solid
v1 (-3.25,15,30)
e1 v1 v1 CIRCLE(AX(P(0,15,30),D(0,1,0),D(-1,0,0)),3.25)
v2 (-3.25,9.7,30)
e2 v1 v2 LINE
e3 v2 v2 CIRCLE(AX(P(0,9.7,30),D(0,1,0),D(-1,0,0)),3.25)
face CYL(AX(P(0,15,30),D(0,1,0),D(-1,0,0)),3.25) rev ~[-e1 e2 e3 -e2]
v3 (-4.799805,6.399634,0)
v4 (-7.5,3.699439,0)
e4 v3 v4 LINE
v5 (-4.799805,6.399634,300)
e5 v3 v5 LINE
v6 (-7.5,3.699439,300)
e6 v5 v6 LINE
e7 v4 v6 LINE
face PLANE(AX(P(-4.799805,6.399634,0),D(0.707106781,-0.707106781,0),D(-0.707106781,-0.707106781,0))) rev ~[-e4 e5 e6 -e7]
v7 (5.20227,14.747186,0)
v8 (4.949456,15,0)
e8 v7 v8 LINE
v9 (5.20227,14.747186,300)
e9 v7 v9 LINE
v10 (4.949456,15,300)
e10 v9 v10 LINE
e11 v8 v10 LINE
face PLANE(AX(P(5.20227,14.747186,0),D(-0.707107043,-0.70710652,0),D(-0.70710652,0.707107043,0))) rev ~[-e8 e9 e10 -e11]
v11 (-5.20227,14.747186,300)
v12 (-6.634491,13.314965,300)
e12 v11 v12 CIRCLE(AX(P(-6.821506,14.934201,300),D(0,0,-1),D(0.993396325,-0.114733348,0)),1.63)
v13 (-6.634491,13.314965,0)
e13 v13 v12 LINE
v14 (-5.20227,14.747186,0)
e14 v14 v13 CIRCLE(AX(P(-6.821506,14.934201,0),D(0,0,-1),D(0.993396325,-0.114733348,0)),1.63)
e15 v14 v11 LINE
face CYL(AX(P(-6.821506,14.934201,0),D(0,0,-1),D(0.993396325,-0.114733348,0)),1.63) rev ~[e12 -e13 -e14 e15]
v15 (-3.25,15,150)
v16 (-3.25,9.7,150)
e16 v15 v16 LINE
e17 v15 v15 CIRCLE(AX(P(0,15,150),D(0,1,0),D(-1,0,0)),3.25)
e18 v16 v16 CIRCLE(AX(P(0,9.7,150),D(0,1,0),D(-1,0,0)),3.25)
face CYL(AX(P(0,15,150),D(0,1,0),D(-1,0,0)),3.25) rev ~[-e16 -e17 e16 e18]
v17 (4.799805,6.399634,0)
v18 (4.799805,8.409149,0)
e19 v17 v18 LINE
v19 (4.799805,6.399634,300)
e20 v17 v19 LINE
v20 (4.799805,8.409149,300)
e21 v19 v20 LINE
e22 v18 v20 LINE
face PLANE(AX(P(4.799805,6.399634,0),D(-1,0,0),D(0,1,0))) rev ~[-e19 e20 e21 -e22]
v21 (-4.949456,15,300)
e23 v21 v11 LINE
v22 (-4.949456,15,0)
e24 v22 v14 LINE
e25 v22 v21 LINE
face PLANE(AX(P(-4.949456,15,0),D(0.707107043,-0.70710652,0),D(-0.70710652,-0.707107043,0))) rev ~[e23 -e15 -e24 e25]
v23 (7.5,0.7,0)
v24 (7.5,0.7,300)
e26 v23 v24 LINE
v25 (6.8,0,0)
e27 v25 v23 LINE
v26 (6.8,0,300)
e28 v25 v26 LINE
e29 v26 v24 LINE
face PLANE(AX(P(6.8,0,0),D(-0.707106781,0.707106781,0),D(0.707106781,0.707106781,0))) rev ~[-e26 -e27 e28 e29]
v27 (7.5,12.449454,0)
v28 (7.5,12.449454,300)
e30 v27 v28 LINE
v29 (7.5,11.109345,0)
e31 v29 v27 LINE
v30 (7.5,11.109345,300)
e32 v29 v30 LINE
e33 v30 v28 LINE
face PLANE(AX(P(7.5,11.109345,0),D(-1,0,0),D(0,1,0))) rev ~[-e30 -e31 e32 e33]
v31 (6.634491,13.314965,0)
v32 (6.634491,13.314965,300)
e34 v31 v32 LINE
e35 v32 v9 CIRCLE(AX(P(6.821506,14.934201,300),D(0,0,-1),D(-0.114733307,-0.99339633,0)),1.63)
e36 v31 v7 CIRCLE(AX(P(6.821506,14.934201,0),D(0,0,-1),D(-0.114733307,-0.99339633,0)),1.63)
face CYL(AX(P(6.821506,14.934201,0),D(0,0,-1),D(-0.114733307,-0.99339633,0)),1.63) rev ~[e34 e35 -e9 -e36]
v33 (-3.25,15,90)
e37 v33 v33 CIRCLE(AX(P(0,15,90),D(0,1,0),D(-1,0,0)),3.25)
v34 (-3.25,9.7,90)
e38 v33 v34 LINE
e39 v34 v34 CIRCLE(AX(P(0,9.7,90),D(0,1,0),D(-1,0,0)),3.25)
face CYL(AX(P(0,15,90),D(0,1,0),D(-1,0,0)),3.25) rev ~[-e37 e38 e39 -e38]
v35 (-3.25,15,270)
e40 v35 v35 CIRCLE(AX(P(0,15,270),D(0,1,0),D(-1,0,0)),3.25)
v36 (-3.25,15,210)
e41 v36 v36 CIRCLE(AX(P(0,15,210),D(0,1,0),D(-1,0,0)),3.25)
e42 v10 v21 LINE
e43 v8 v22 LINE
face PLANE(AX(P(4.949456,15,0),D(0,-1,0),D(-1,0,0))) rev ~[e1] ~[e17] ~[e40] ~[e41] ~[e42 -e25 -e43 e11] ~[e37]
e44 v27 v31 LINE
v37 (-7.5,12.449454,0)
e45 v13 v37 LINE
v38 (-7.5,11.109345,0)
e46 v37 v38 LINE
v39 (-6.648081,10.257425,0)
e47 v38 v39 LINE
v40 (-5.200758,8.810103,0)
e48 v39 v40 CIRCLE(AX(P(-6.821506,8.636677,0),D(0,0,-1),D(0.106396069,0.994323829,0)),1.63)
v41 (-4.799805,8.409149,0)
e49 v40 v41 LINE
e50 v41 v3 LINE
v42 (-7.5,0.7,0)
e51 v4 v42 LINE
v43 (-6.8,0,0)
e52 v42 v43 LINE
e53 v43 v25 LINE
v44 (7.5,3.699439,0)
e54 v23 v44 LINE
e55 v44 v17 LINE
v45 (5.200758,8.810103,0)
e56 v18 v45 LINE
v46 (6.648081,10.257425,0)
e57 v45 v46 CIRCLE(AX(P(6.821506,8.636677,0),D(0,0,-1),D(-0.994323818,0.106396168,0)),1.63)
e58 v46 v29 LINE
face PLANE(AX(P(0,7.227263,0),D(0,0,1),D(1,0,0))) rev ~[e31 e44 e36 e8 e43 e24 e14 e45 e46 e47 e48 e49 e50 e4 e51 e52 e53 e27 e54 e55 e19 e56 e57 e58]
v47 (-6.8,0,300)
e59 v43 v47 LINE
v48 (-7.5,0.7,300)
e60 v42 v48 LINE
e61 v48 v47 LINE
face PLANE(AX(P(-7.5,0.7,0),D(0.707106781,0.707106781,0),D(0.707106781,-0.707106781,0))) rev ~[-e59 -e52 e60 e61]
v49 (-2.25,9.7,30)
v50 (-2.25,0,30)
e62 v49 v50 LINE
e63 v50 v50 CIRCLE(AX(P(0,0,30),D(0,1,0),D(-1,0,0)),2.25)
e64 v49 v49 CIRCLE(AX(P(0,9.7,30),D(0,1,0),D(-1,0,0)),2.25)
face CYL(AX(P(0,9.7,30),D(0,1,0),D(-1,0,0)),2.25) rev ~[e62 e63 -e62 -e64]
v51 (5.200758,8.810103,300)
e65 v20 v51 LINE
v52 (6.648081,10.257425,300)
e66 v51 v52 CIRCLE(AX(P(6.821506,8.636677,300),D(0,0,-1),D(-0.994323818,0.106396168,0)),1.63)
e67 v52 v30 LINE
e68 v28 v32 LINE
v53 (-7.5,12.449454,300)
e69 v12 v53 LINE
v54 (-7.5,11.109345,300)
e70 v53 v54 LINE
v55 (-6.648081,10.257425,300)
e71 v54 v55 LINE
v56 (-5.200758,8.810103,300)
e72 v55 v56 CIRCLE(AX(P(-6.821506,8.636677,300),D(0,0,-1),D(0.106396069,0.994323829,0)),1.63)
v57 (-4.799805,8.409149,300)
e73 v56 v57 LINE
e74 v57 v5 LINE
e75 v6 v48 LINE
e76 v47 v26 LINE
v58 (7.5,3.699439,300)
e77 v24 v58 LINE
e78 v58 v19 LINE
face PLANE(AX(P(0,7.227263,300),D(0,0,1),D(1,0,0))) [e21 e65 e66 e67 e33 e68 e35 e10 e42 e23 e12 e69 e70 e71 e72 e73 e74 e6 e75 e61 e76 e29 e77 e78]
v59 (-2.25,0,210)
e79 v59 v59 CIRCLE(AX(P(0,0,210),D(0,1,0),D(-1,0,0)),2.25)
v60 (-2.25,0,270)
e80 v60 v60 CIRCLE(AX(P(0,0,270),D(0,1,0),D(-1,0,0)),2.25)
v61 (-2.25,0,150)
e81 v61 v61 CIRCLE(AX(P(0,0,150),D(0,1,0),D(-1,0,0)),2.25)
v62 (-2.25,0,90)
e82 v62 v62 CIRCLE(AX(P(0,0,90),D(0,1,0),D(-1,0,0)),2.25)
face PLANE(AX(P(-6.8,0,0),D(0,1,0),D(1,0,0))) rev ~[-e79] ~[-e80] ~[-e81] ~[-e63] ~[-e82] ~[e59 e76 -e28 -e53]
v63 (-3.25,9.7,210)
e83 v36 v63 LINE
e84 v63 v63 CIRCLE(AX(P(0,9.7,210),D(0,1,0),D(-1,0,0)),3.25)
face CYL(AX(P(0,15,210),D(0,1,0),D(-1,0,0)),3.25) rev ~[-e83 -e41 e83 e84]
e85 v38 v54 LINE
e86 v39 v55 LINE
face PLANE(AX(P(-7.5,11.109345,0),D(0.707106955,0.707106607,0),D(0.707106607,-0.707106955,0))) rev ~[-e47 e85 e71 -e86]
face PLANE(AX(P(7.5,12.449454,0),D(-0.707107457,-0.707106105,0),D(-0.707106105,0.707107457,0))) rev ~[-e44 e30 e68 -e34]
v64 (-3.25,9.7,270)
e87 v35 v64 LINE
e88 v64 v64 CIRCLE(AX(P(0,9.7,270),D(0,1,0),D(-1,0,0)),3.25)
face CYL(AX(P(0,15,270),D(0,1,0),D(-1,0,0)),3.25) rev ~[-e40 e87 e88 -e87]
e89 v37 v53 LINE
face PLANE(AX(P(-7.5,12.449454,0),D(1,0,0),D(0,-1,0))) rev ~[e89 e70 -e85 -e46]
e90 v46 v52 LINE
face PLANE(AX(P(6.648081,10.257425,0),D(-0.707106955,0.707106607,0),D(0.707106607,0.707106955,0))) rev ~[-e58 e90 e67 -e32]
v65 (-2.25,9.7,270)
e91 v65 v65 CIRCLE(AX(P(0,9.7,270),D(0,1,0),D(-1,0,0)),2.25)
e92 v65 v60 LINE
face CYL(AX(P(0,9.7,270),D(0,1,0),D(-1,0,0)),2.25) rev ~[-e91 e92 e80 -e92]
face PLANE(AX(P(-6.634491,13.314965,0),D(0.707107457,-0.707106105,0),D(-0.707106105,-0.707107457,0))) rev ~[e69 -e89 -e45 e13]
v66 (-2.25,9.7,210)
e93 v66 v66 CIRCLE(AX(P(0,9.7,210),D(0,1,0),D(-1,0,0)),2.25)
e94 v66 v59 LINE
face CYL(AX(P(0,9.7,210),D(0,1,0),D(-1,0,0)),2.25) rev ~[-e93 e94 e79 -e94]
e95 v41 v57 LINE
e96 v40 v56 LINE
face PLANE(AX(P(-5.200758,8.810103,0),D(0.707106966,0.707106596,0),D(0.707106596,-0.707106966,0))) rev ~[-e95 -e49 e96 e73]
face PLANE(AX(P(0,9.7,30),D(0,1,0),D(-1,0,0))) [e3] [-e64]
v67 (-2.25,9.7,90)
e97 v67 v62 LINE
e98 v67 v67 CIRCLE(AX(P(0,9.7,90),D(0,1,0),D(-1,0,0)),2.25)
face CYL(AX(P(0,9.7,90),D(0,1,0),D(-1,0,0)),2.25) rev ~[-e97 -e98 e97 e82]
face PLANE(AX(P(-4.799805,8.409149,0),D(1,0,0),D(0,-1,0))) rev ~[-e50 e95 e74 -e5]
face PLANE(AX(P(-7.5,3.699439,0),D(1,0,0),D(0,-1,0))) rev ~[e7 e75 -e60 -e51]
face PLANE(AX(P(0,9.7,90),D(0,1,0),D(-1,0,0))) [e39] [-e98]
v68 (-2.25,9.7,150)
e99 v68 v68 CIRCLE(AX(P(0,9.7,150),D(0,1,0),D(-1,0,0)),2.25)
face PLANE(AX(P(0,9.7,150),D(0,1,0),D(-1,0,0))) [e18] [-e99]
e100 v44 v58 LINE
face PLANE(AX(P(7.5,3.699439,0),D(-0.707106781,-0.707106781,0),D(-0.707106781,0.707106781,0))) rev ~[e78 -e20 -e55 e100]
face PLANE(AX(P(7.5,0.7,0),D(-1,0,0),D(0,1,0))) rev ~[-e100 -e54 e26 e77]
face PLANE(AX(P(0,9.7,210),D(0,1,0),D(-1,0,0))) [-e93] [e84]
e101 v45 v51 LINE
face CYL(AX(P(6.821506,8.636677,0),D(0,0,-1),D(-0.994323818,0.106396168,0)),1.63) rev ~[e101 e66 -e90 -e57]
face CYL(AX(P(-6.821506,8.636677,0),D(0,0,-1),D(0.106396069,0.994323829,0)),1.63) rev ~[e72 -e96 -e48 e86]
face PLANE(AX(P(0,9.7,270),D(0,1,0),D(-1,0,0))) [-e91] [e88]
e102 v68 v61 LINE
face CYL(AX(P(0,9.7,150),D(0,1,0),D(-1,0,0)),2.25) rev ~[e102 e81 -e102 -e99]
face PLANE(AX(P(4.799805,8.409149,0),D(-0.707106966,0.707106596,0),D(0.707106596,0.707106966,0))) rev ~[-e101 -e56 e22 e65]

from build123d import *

# Parameters (mm, degrees)
EXTRUDE_1_DEPTH     = 300
SKETCH_2_R          = 3.25
CUT_EXTRUDE_1_DEPTH = 5.3
SKETCH_3_R          = 2.25
CUT_EXTRUDE_2_DEPTH = 301.250462115


with BuildPart() as part:
    # Model → Бобышка-Вытянуть1 (new body)
    with BuildSketch(Plane.XY):
        with BuildLine():
            Line((6.8, 0), (7.5, 0.7))
            Line((7.5, 0.7), (7.5, 3.6994391))
            Line((7.5, 3.6994391), (4.7998047, 6.3996344))
            Line((4.7998047, 6.3996344), (4.7998047, 8.409149262))
            Line((4.7998047, 8.409149262), (5.20075838, 8.810103152))
            ThreePointArc((5.20075838, 8.810103152), (5.668922208, 9.789261508), (6.648080611, 10.257425237))
            Line((6.648080611, 10.257425237), (7.5, 11.109345046))
            Line((7.5, 11.109345046), (7.5, 12.449454443))
            Line((7.5, 12.449454443), (6.634490912, 13.314965186))
            ThreePointArc((6.634490912, 13.314965186), (5.668922174, 13.781617126), (5.202270193, 14.747185846))
            Line((5.202270193, 14.747185846), (4.949456226, 15))
            Line((4.949456226, 15), (-4.949456226, 15))
            Line((-4.949456226, 15), (-5.202270193, 14.747185846))
            ThreePointArc((-5.202270193, 14.747185846), (-5.668922174, 13.781617126), (-6.634490912, 13.314965186))
            Line((-6.634490912, 13.314965186), (-7.5, 12.449454443))
            Line((-7.5, 12.449454443), (-7.5, 11.109345046))
            Line((-7.5, 11.109345046), (-6.648080611, 10.257425238))
            ThreePointArc((-6.648080611, 10.257425238), (-5.668922208, 9.789261508), (-5.20075838, 8.810103152))
            Line((-5.20075838, 8.810103152), (-4.7998047, 8.409149262))
            Line((-4.7998047, 8.409149262), (-4.7998047, 6.3996344))
            Line((-4.7998047, 6.3996344), (-7.5, 3.6994391))
            Line((-7.5, 3.6994391), (-7.5, 0.7))
            Line((-7.5, 0.7), (-6.8, 0))
            Line((-6.8, 0), (6.8, 0))
        make_face()
    extrude(amount=EXTRUDE_1_DEPTH)

    # Эскиз2 → Вырез-Вытянуть1 (cut)
    with BuildSketch(Plane(origin=(0, 15, 0), x_dir=(1, 0, 0), z_dir=(0, 1, 0))):
        with Locations(Location((0, -30, 0), (0, 0, 180))):
            Circle(SKETCH_2_R)
        with Locations(Location((0, -90, 0), (0, 0, 180))):
            Circle(SKETCH_2_R)
        with Locations(Location((0, -150, 0), (0, 0, 180))):
            Circle(SKETCH_2_R)
        with Locations(Location((0, -210, 0), (0, 0, 180))):
            Circle(SKETCH_2_R)
        with Locations(Location((0, -270, 0), (0, 0, 180))):
            Circle(SKETCH_2_R)
        with Locations((0, -330)):
            Circle(SKETCH_2_R)
        with Locations((0, -390)):
            Circle(SKETCH_2_R)
        with Locations((0, -450)):
            Circle(SKETCH_2_R)
        with Locations((0, -510)):
            Circle(SKETCH_2_R)
        with Locations((0, -570)):
            Circle(SKETCH_2_R)
    extrude(amount=-CUT_EXTRUDE_1_DEPTH, mode=Mode.SUBTRACT)

    # Эскиз3 → Вырез-Вытянуть2 (cut, through all)
    with BuildSketch(Plane(origin=(0, 9.7, 0), x_dir=(1, 0, 0), z_dir=(0, 1, 0))):
        with Locations(Location((0, -30, 0), (0, 0, 180))):
            Circle(SKETCH_3_R)
        with Locations(Location((0, -90, 0), (0, 0, 180))):
            Circle(SKETCH_3_R)
        with Locations(Location((0, -150, 0), (0, 0, 180))):
            Circle(SKETCH_3_R)
        with Locations(Location((0, -210, 0), (0, 0, 180))):
            Circle(SKETCH_3_R)
        with Locations(Location((0, -270, 0), (0, 0, 180))):
            Circle(SKETCH_3_R)
        with Locations((0, -330)):
            Circle(SKETCH_3_R)
        with Locations((0, -390)):
            Circle(SKETCH_3_R)
        with Locations((0, -450)):
            Circle(SKETCH_3_R)
        with Locations((0, -510)):
            Circle(SKETCH_3_R)
        with Locations((0, -570)):
            Circle(SKETCH_3_R)
    extrude(amount=-CUT_EXTRUDE_2_DEPTH, mode=Mode.SUBTRACT)


solid = part.part
